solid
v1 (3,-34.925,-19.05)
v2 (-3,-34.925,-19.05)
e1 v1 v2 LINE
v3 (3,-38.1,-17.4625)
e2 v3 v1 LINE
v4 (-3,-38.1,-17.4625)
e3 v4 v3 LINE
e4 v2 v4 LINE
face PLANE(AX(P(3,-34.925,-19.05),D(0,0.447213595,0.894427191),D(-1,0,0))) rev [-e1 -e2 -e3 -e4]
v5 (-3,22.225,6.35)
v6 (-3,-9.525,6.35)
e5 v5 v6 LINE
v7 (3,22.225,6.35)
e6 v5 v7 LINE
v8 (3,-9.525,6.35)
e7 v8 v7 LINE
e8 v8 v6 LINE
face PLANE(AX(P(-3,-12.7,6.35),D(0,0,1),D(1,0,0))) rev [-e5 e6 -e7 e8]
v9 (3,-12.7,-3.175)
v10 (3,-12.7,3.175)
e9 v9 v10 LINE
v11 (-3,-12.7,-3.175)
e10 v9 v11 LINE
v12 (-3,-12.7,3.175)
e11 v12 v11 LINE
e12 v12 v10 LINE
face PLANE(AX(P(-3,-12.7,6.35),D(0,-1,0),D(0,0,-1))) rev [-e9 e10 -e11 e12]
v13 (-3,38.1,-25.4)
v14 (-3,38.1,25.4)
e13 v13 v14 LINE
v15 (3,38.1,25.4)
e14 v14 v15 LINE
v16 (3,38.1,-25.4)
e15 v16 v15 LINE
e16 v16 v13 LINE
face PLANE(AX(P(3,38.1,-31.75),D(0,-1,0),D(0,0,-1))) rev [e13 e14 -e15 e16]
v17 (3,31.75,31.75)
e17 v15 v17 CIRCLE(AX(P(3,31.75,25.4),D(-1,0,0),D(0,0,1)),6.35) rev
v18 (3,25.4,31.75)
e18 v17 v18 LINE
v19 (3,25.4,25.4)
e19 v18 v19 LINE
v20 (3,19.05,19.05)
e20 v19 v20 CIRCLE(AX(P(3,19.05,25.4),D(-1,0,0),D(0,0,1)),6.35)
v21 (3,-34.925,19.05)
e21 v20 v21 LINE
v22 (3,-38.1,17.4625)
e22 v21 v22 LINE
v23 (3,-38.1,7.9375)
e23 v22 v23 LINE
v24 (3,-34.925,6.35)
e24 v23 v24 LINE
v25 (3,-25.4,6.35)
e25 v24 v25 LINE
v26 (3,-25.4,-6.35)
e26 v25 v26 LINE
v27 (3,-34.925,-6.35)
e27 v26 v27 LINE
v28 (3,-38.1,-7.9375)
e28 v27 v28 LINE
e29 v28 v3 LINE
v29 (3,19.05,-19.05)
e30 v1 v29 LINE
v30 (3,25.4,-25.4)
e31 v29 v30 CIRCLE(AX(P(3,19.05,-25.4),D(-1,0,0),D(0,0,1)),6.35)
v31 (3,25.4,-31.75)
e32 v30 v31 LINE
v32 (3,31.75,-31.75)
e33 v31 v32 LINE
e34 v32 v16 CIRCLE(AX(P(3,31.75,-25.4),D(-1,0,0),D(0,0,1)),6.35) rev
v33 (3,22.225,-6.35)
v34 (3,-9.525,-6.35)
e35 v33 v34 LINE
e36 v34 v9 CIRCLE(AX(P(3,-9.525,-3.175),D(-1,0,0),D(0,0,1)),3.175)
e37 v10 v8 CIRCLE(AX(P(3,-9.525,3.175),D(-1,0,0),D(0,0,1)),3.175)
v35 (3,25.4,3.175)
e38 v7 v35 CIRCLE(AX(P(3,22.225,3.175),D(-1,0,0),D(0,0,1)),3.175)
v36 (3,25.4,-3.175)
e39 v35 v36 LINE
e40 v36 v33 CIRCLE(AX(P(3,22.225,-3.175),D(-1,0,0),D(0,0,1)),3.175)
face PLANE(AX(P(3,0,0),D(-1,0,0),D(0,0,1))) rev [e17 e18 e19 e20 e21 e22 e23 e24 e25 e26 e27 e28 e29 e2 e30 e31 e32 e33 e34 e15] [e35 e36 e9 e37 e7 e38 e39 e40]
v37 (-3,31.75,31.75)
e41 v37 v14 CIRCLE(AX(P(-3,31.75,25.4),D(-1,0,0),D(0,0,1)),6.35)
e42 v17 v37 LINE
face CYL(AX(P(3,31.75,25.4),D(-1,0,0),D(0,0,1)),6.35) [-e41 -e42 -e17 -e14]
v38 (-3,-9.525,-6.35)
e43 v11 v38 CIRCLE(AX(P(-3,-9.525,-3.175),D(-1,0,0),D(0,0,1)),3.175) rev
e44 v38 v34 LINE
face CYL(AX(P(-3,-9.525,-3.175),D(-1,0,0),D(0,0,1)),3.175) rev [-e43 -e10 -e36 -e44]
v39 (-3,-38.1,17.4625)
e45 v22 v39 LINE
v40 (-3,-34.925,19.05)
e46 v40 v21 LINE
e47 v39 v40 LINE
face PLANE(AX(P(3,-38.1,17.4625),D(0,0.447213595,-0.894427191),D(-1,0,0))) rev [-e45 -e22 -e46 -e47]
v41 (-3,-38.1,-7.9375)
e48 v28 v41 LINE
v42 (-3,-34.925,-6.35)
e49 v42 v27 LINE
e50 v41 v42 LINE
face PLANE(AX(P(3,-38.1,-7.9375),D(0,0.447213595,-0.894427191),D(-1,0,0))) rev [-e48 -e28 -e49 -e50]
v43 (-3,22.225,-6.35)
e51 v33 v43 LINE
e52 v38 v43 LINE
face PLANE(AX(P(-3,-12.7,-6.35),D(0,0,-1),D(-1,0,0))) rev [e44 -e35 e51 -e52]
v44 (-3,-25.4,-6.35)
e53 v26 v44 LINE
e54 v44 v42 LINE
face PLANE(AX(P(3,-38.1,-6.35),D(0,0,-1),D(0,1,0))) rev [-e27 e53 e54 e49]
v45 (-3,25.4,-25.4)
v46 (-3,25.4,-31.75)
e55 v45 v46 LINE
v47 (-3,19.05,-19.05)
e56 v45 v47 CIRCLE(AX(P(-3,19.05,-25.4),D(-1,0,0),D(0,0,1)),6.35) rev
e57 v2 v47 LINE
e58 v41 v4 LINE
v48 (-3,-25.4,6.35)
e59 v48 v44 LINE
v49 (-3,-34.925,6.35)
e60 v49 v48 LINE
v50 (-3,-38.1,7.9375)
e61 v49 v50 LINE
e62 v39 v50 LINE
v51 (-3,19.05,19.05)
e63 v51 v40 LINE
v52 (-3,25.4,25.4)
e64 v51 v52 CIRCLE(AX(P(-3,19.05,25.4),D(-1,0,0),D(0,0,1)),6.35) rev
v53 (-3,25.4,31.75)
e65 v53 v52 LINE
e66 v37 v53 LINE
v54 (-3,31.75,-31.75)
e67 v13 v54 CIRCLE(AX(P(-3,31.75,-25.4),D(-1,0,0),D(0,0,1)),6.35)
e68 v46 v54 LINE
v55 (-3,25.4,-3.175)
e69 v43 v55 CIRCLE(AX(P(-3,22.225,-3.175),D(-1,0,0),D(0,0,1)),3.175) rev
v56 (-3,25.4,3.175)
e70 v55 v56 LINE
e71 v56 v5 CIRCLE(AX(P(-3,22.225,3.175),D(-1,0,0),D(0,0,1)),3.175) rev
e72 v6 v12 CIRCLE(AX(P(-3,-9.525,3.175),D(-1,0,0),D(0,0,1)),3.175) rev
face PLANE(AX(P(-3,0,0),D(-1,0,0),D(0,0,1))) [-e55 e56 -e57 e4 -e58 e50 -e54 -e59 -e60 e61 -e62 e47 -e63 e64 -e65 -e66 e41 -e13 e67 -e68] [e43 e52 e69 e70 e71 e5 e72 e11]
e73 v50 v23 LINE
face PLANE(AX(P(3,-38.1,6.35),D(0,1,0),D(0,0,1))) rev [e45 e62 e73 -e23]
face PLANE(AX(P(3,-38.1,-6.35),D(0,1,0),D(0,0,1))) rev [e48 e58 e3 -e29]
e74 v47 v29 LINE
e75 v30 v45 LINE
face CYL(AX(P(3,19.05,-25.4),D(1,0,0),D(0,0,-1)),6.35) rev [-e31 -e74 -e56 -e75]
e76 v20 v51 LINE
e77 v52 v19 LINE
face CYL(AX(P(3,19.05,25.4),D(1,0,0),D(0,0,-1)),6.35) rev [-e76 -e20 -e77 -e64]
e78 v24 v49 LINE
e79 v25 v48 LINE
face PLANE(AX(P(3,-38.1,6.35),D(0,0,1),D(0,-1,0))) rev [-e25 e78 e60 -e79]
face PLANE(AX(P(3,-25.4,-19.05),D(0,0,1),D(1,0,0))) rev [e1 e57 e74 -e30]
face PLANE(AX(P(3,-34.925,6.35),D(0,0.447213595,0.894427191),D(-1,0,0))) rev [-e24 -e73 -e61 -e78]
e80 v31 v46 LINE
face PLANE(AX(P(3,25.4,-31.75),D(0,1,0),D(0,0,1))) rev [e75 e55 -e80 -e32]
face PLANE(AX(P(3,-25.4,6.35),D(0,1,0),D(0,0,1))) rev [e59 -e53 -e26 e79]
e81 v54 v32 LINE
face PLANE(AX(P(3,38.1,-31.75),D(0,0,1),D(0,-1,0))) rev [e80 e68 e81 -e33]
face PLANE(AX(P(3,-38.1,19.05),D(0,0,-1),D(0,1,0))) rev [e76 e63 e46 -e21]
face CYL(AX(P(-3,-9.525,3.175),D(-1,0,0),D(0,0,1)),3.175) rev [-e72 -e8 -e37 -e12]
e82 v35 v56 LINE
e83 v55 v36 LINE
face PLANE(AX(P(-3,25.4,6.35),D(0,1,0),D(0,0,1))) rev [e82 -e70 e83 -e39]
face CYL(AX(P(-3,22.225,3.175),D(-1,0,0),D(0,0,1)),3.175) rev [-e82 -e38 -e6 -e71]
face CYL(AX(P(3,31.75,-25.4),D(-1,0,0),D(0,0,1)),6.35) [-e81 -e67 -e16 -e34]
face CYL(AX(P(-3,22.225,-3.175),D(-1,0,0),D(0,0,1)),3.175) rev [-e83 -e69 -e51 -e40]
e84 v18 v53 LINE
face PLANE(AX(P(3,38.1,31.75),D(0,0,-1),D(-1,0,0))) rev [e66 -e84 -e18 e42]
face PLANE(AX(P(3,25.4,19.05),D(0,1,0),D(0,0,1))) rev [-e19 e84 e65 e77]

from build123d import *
from OCP.BRepFilletAPI import BRepFilletAPI_MakeChamfer

# Parameters (mm, degrees)
BOSS_EXTRUDE1_DEPTH     = 2.999999969
FILLET1_R               = 6.35
CUT_EXTRUDE1_DEPTH      = 50.956706249
CUT_EXTRUDE1_DEPTH_BACK = 50.956706249
SKETCH2_W               = 12.7
SKETCH2_H               = 38.1
FILLET2_R               = 3.175
CHAMFER1_SIZE           = 3.175
CHAMFER1_SIZE2          = 1.5875
CHAMFER2_SIZE           = 1.5875
CHAMFER2_SIZE2          = 3.175


with BuildPart() as part:
    # Sketch1 → Boss-Extrude1 (new, symmetric)
    with BuildSketch(Plane(origin=(0, 0, 0), x_dir=(0, 0, -1), z_dir=(1, 0, 0))):
        Polygon((-6.35, -25.4), (6.35, -25.4), (6.35, -38.1), (19.05, -38.1), (19.05, -25.4), (19.05, 25.4), (31.75, 25.4), (31.75, 38.1), (-31.75, 38.1), (-31.75, 25.4), (-19.05, 25.4), (-19.05, -25.4), (-19.05, -38.1), (-6.35, -38.1), align=None)
    extrude(amount=BOSS_EXTRUDE1_DEPTH, both=True)

    # Fillet1
    fillet1_edges = [part.edges().sort_by_distance(p)[0] for p in [
        (0, 25.4, -19.05),
        (0, 25.4, 19.05),
        (0, 38.1, 31.75),
        (0, 38.1, -31.75),
    ]]
    fillet(fillet1_edges, radius=FILLET1_R)

    # Sketch2 → Cut-Extrude1 (cut, two sides: drawn at the far end of the back side and taken through both)
    with BuildSketch(Plane(origin=(2.999999969, 0, 0), x_dir=(0, 0, -1), z_dir=(1, 0, 0)).offset(-CUT_EXTRUDE1_DEPTH_BACK)):
        with Locations((0, 6.35)):
            Rectangle(SKETCH2_W, SKETCH2_H)
    extrude(amount=CUT_EXTRUDE1_DEPTH + CUT_EXTRUDE1_DEPTH_BACK, mode=Mode.SUBTRACT)

    # Fillet2
    fillet2_edges = [part.edges().sort_by_distance(p)[0] for p in [
        (0, 25.4, -6.35),
        (0, -12.7, -6.35),
        (0, -12.7, 6.35),
        (0, 25.4, 6.35),
    ]]
    fillet(fillet2_edges, radius=FILLET2_R)

    # Chamfer1: one chamfer whose edges measure the first distance from different faces: ONE call of the kernel's chamfer builder (chamfer() names one face for all edges)
    chamfer1_edges_1 = [part.edges().sort_by_distance(p)[0] for p in [
        (0, -38.1, -6.35),
    ]]
    chamfer1_side_1 = [part.faces().sort_by_distance(p)[0] for p in [
        (0, -31.75, -6.35),
    ]]
    chamfer1_edges_2 = [part.edges().sort_by_distance(p)[0] for p in [
        (0, -38.1, 19.05),
    ]]
    chamfer1_side_2 = [part.faces().sort_by_distance(p)[0] for p in [
        (0, -9.525, 19.05),
    ]]
    chamfer1 = BRepFilletAPI_MakeChamfer(part.part.solid().wrapped)
    for e in chamfer1_edges_1:
        chamfer1.Add(CHAMFER1_SIZE, CHAMFER1_SIZE2, e.wrapped, chamfer1_side_1[0].wrapped)  # the first distance lies on this face
    for e in chamfer1_edges_2:
        chamfer1.Add(CHAMFER1_SIZE, CHAMFER1_SIZE2, e.wrapped, chamfer1_side_2[0].wrapped)  # the first distance lies on this face
    add(Compound.cast(chamfer1.Shape()), mode=Mode.REPLACE)

    # Chamfer2: one chamfer whose edges measure the first distance from different faces: ONE call of the kernel's chamfer builder (chamfer() names one face for all edges)
    chamfer2_edges_1 = [part.edges().sort_by_distance(p)[0] for p in [
        (0, -38.1, -19.05),
    ]]
    chamfer2_side_1 = [part.faces().sort_by_distance(p)[0] for p in [
        (0, -38.1, -13.49375),
    ]]
    chamfer2_edges_2 = [part.edges().sort_by_distance(p)[0] for p in [
        (0, -38.1, 6.35),
    ]]
    chamfer2_side_2 = [part.faces().sort_by_distance(p)[0] for p in [
        (0, -38.1, 11.90625),
    ]]
    chamfer2 = BRepFilletAPI_MakeChamfer(part.part.solid().wrapped)
    for e in chamfer2_edges_1:
        chamfer2.Add(CHAMFER2_SIZE, CHAMFER2_SIZE2, e.wrapped, chamfer2_side_1[0].wrapped)  # the first distance lies on this face
    for e in chamfer2_edges_2:
        chamfer2.Add(CHAMFER2_SIZE, CHAMFER2_SIZE2, e.wrapped, chamfer2_side_2[0].wrapped)  # the first distance lies on this face
    add(Compound.cast(chamfer2.Shape()), mode=Mode.REPLACE)


solid = part.part
